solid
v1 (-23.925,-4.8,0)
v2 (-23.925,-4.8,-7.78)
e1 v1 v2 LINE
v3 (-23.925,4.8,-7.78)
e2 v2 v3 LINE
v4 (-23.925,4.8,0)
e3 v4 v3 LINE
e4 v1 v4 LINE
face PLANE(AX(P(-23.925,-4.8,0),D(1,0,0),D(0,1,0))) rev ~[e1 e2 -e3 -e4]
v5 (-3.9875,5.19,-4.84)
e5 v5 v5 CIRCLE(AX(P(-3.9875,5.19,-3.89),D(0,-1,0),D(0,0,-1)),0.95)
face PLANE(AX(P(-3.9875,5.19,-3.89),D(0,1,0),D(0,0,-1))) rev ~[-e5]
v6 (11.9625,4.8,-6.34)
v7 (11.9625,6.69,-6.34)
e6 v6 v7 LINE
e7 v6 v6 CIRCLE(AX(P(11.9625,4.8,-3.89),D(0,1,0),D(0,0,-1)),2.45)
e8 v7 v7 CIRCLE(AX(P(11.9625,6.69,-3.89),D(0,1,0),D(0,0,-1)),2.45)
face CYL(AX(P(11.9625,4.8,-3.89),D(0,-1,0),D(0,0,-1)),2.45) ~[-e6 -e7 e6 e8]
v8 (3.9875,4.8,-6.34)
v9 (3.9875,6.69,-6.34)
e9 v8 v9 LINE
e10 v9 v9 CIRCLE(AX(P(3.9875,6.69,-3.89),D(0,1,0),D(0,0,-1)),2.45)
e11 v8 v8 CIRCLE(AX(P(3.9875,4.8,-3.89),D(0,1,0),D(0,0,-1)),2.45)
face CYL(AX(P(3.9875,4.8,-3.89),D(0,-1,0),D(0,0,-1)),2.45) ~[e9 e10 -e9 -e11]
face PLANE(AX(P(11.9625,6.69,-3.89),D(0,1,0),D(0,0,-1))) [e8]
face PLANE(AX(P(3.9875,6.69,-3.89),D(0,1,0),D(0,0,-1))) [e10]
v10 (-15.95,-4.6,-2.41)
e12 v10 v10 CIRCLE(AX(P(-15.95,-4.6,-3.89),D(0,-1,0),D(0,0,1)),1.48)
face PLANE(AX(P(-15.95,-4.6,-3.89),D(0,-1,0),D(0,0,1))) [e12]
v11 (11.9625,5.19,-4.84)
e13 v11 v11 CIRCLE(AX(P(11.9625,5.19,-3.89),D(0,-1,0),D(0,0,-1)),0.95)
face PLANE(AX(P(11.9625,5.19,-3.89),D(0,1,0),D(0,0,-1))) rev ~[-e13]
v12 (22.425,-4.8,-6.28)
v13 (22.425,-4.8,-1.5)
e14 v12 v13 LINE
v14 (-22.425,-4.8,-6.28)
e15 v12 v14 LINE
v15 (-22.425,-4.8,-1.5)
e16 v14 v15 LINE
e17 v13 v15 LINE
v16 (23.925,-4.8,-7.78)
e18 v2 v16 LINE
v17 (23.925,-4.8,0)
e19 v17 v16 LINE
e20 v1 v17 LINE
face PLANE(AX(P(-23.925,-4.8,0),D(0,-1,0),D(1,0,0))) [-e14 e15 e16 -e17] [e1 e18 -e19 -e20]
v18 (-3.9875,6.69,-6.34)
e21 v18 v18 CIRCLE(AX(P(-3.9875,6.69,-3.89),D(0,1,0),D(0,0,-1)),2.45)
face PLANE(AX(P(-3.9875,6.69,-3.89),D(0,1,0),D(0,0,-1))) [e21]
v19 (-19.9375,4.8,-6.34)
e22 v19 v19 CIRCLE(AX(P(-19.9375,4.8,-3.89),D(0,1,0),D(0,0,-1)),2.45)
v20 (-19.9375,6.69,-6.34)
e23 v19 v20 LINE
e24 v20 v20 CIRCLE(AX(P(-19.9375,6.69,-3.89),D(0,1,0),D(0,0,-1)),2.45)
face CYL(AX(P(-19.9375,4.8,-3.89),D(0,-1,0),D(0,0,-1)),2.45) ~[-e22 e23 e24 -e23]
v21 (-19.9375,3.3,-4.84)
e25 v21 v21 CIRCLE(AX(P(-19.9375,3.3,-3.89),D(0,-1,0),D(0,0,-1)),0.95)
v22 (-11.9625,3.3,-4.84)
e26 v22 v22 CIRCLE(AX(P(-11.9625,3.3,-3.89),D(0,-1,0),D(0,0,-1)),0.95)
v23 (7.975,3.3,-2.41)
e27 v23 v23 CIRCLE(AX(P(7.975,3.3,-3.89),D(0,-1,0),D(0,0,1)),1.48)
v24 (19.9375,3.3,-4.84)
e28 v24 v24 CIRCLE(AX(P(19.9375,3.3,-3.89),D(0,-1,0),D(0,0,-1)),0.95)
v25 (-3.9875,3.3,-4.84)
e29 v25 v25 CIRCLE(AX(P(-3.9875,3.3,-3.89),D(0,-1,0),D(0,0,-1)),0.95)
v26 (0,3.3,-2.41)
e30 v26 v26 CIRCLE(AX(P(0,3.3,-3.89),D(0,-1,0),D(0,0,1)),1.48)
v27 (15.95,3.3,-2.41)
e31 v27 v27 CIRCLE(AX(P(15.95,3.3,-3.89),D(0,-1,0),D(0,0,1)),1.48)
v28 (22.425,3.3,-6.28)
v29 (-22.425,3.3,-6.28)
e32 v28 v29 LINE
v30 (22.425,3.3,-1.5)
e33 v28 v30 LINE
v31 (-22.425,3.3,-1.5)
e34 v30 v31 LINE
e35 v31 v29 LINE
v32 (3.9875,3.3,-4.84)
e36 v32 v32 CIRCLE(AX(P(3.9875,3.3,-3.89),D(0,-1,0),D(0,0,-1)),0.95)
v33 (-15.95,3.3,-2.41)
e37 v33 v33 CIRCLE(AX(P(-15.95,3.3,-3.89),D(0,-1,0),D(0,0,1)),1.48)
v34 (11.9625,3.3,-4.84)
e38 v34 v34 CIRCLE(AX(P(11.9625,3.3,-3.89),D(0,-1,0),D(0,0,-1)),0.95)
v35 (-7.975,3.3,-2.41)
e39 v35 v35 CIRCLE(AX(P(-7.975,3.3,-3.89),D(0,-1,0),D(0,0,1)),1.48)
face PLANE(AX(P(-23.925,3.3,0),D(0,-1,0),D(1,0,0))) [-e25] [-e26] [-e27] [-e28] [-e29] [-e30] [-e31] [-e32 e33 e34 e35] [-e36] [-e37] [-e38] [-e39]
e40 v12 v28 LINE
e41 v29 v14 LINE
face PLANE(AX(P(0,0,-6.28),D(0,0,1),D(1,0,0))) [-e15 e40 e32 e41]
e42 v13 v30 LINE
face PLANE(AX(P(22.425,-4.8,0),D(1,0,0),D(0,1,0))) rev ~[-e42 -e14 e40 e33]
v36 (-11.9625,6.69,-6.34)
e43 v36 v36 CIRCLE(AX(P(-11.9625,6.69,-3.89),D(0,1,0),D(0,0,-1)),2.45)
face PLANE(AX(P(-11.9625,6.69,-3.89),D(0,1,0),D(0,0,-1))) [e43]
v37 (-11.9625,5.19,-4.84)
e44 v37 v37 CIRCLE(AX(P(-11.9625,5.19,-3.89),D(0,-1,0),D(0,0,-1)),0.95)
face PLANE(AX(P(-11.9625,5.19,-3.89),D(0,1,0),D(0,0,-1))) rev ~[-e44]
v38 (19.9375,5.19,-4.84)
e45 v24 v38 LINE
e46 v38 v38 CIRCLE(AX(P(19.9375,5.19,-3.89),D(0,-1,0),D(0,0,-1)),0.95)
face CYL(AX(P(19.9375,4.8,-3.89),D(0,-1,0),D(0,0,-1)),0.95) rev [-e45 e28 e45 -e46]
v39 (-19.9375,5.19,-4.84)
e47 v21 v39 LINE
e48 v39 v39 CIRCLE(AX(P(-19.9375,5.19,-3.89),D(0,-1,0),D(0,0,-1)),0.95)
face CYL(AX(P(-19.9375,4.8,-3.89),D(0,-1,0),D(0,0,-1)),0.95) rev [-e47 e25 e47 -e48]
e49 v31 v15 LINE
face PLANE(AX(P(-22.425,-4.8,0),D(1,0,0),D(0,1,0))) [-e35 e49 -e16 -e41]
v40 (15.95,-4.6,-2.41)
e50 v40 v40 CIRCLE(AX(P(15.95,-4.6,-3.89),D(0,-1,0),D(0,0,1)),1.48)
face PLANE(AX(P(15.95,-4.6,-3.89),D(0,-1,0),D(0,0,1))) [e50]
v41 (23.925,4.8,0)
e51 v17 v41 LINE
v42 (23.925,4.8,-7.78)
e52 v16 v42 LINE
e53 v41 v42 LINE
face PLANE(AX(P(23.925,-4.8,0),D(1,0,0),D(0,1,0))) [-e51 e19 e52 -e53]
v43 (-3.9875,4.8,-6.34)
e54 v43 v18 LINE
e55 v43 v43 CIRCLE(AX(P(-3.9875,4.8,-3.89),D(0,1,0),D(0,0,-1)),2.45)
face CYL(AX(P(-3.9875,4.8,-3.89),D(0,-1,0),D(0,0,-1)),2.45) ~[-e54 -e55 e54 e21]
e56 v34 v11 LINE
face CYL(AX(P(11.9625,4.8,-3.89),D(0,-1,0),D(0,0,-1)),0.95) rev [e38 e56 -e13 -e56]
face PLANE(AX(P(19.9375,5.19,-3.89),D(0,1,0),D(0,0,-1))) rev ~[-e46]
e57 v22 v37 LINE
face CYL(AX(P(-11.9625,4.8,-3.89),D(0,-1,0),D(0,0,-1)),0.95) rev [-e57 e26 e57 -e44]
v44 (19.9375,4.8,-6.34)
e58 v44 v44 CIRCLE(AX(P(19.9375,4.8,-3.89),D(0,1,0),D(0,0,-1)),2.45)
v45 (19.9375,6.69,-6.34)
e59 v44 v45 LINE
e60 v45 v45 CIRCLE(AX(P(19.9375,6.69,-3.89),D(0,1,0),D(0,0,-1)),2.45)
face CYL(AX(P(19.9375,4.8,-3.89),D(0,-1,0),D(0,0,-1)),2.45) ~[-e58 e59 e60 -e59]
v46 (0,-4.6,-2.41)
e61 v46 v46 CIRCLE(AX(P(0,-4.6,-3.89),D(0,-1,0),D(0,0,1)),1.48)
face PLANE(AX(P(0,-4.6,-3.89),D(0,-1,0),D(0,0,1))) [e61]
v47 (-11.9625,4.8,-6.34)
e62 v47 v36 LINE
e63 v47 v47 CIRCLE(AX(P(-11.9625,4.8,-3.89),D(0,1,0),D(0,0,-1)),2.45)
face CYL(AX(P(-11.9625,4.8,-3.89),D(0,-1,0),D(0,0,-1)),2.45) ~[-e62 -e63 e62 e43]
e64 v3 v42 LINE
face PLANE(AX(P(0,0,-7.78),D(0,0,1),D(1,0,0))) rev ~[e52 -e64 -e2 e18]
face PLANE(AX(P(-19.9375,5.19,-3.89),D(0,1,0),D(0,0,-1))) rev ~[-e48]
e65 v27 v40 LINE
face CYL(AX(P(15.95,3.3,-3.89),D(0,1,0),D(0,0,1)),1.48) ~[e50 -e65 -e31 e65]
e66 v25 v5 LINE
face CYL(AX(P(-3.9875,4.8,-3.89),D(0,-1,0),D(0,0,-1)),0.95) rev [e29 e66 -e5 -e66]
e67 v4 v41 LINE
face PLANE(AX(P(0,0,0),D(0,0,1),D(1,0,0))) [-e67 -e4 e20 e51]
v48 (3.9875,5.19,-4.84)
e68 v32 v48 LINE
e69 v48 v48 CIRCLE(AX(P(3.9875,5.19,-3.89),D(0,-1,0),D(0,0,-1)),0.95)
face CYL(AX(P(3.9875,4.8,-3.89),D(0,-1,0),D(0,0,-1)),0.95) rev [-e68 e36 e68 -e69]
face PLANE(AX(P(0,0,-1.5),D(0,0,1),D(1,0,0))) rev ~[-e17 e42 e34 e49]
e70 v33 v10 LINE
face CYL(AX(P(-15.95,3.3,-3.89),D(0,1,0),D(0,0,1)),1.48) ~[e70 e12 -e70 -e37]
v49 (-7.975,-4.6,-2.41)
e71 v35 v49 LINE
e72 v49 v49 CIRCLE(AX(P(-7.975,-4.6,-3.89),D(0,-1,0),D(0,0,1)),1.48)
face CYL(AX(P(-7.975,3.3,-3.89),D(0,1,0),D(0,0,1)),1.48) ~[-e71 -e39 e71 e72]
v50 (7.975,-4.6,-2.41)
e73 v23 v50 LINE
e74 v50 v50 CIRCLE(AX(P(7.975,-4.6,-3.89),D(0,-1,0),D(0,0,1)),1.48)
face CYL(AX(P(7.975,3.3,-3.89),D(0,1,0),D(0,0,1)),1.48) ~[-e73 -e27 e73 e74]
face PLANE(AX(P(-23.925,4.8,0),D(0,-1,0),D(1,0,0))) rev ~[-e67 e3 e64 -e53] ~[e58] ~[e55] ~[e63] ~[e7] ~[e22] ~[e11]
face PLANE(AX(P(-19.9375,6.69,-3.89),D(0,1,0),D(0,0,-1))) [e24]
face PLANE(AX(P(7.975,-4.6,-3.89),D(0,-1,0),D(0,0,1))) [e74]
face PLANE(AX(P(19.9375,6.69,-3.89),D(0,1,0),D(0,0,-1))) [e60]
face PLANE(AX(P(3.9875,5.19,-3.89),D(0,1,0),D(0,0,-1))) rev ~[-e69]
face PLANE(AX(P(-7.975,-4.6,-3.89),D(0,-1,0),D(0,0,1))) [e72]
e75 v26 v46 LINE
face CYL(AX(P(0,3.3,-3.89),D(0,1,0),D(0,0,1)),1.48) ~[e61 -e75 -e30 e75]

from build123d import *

# Parameters (mm, degrees)
SKETCH1_W           = 47.85
SKETCH1_H           = 9.6
BOSS_EXTRUDE1_DEPTH = 7.78
SKETCH2_R           = 2.45
BOSS_EXTRUDE2_DEPTH = 1.89
SHELL1_T            = -1.5
SKETCH3_R           = 1.48
BOSS_EXTRUDE3_DEPTH = 7.9


with BuildPart() as part:
    # Sketch1 → Boss-Extrude1 (new body)
    with BuildSketch(Plane.XY):
        Rectangle(SKETCH1_W, SKETCH1_H)
    extrude(amount=-BOSS_EXTRUDE1_DEPTH)

    # Sketch2 → Boss-Extrude2 (add)
    with BuildSketch(Plane(origin=(0, 4.8, 0), x_dir=(1, 0, 0), z_dir=(0, 1, 0))):
        with Locations(Location((-19.9375, 3.89, 0), (0, 0, 90))):
            Circle(SKETCH2_R)
        with Locations(Location((-11.9625, 3.89, 0), (0, 0, 90))):
            Circle(SKETCH2_R)
        with Locations(Location((-3.9875, 3.89, 0), (0, 0, 90))):
            Circle(SKETCH2_R)
        with Locations(Location((3.9875, 3.89, 0), (0, 0, 90))):
            Circle(SKETCH2_R)
        with Locations(Location((11.9625, 3.89, 0), (0, 0, 90))):
            Circle(SKETCH2_R)
        with Locations(Location((19.9375, 3.89, 0), (0, 0, 90))):
            Circle(SKETCH2_R)
    extrude(amount=BOSS_EXTRUDE2_DEPTH)

    # Shell1
    shell1_openings = [part.faces().sort_by_distance(p)[0] for p in [
        (0, -4.8, -3.89),
    ]]
    offset(amount=SHELL1_T, openings=shell1_openings, kind=Kind.INTERSECTION)

    # Sketch3 → Boss-Extrude3 (add)
    with BuildSketch(Plane.XZ.offset(-3.3)):
        with Locations(Location((-15.95, -3.89, 0), (0, 0, 90))):
            Circle(SKETCH3_R)
        with Locations(Location((-7.975, -3.89, 0), (0, 0, 90))):
            Circle(SKETCH3_R)
        with Locations(Location((0, -3.89, 0), (0, 0, 90))):
            Circle(SKETCH3_R)
        with Locations(Location((7.975, -3.89, 0), (0, 0, 90))):
            Circle(SKETCH3_R)
        with Locations(Location((15.95, -3.89, 0), (0, 0, 90))):
            Circle(SKETCH3_R)
    extrude(amount=BOSS_EXTRUDE3_DEPTH)


solid = part.part
